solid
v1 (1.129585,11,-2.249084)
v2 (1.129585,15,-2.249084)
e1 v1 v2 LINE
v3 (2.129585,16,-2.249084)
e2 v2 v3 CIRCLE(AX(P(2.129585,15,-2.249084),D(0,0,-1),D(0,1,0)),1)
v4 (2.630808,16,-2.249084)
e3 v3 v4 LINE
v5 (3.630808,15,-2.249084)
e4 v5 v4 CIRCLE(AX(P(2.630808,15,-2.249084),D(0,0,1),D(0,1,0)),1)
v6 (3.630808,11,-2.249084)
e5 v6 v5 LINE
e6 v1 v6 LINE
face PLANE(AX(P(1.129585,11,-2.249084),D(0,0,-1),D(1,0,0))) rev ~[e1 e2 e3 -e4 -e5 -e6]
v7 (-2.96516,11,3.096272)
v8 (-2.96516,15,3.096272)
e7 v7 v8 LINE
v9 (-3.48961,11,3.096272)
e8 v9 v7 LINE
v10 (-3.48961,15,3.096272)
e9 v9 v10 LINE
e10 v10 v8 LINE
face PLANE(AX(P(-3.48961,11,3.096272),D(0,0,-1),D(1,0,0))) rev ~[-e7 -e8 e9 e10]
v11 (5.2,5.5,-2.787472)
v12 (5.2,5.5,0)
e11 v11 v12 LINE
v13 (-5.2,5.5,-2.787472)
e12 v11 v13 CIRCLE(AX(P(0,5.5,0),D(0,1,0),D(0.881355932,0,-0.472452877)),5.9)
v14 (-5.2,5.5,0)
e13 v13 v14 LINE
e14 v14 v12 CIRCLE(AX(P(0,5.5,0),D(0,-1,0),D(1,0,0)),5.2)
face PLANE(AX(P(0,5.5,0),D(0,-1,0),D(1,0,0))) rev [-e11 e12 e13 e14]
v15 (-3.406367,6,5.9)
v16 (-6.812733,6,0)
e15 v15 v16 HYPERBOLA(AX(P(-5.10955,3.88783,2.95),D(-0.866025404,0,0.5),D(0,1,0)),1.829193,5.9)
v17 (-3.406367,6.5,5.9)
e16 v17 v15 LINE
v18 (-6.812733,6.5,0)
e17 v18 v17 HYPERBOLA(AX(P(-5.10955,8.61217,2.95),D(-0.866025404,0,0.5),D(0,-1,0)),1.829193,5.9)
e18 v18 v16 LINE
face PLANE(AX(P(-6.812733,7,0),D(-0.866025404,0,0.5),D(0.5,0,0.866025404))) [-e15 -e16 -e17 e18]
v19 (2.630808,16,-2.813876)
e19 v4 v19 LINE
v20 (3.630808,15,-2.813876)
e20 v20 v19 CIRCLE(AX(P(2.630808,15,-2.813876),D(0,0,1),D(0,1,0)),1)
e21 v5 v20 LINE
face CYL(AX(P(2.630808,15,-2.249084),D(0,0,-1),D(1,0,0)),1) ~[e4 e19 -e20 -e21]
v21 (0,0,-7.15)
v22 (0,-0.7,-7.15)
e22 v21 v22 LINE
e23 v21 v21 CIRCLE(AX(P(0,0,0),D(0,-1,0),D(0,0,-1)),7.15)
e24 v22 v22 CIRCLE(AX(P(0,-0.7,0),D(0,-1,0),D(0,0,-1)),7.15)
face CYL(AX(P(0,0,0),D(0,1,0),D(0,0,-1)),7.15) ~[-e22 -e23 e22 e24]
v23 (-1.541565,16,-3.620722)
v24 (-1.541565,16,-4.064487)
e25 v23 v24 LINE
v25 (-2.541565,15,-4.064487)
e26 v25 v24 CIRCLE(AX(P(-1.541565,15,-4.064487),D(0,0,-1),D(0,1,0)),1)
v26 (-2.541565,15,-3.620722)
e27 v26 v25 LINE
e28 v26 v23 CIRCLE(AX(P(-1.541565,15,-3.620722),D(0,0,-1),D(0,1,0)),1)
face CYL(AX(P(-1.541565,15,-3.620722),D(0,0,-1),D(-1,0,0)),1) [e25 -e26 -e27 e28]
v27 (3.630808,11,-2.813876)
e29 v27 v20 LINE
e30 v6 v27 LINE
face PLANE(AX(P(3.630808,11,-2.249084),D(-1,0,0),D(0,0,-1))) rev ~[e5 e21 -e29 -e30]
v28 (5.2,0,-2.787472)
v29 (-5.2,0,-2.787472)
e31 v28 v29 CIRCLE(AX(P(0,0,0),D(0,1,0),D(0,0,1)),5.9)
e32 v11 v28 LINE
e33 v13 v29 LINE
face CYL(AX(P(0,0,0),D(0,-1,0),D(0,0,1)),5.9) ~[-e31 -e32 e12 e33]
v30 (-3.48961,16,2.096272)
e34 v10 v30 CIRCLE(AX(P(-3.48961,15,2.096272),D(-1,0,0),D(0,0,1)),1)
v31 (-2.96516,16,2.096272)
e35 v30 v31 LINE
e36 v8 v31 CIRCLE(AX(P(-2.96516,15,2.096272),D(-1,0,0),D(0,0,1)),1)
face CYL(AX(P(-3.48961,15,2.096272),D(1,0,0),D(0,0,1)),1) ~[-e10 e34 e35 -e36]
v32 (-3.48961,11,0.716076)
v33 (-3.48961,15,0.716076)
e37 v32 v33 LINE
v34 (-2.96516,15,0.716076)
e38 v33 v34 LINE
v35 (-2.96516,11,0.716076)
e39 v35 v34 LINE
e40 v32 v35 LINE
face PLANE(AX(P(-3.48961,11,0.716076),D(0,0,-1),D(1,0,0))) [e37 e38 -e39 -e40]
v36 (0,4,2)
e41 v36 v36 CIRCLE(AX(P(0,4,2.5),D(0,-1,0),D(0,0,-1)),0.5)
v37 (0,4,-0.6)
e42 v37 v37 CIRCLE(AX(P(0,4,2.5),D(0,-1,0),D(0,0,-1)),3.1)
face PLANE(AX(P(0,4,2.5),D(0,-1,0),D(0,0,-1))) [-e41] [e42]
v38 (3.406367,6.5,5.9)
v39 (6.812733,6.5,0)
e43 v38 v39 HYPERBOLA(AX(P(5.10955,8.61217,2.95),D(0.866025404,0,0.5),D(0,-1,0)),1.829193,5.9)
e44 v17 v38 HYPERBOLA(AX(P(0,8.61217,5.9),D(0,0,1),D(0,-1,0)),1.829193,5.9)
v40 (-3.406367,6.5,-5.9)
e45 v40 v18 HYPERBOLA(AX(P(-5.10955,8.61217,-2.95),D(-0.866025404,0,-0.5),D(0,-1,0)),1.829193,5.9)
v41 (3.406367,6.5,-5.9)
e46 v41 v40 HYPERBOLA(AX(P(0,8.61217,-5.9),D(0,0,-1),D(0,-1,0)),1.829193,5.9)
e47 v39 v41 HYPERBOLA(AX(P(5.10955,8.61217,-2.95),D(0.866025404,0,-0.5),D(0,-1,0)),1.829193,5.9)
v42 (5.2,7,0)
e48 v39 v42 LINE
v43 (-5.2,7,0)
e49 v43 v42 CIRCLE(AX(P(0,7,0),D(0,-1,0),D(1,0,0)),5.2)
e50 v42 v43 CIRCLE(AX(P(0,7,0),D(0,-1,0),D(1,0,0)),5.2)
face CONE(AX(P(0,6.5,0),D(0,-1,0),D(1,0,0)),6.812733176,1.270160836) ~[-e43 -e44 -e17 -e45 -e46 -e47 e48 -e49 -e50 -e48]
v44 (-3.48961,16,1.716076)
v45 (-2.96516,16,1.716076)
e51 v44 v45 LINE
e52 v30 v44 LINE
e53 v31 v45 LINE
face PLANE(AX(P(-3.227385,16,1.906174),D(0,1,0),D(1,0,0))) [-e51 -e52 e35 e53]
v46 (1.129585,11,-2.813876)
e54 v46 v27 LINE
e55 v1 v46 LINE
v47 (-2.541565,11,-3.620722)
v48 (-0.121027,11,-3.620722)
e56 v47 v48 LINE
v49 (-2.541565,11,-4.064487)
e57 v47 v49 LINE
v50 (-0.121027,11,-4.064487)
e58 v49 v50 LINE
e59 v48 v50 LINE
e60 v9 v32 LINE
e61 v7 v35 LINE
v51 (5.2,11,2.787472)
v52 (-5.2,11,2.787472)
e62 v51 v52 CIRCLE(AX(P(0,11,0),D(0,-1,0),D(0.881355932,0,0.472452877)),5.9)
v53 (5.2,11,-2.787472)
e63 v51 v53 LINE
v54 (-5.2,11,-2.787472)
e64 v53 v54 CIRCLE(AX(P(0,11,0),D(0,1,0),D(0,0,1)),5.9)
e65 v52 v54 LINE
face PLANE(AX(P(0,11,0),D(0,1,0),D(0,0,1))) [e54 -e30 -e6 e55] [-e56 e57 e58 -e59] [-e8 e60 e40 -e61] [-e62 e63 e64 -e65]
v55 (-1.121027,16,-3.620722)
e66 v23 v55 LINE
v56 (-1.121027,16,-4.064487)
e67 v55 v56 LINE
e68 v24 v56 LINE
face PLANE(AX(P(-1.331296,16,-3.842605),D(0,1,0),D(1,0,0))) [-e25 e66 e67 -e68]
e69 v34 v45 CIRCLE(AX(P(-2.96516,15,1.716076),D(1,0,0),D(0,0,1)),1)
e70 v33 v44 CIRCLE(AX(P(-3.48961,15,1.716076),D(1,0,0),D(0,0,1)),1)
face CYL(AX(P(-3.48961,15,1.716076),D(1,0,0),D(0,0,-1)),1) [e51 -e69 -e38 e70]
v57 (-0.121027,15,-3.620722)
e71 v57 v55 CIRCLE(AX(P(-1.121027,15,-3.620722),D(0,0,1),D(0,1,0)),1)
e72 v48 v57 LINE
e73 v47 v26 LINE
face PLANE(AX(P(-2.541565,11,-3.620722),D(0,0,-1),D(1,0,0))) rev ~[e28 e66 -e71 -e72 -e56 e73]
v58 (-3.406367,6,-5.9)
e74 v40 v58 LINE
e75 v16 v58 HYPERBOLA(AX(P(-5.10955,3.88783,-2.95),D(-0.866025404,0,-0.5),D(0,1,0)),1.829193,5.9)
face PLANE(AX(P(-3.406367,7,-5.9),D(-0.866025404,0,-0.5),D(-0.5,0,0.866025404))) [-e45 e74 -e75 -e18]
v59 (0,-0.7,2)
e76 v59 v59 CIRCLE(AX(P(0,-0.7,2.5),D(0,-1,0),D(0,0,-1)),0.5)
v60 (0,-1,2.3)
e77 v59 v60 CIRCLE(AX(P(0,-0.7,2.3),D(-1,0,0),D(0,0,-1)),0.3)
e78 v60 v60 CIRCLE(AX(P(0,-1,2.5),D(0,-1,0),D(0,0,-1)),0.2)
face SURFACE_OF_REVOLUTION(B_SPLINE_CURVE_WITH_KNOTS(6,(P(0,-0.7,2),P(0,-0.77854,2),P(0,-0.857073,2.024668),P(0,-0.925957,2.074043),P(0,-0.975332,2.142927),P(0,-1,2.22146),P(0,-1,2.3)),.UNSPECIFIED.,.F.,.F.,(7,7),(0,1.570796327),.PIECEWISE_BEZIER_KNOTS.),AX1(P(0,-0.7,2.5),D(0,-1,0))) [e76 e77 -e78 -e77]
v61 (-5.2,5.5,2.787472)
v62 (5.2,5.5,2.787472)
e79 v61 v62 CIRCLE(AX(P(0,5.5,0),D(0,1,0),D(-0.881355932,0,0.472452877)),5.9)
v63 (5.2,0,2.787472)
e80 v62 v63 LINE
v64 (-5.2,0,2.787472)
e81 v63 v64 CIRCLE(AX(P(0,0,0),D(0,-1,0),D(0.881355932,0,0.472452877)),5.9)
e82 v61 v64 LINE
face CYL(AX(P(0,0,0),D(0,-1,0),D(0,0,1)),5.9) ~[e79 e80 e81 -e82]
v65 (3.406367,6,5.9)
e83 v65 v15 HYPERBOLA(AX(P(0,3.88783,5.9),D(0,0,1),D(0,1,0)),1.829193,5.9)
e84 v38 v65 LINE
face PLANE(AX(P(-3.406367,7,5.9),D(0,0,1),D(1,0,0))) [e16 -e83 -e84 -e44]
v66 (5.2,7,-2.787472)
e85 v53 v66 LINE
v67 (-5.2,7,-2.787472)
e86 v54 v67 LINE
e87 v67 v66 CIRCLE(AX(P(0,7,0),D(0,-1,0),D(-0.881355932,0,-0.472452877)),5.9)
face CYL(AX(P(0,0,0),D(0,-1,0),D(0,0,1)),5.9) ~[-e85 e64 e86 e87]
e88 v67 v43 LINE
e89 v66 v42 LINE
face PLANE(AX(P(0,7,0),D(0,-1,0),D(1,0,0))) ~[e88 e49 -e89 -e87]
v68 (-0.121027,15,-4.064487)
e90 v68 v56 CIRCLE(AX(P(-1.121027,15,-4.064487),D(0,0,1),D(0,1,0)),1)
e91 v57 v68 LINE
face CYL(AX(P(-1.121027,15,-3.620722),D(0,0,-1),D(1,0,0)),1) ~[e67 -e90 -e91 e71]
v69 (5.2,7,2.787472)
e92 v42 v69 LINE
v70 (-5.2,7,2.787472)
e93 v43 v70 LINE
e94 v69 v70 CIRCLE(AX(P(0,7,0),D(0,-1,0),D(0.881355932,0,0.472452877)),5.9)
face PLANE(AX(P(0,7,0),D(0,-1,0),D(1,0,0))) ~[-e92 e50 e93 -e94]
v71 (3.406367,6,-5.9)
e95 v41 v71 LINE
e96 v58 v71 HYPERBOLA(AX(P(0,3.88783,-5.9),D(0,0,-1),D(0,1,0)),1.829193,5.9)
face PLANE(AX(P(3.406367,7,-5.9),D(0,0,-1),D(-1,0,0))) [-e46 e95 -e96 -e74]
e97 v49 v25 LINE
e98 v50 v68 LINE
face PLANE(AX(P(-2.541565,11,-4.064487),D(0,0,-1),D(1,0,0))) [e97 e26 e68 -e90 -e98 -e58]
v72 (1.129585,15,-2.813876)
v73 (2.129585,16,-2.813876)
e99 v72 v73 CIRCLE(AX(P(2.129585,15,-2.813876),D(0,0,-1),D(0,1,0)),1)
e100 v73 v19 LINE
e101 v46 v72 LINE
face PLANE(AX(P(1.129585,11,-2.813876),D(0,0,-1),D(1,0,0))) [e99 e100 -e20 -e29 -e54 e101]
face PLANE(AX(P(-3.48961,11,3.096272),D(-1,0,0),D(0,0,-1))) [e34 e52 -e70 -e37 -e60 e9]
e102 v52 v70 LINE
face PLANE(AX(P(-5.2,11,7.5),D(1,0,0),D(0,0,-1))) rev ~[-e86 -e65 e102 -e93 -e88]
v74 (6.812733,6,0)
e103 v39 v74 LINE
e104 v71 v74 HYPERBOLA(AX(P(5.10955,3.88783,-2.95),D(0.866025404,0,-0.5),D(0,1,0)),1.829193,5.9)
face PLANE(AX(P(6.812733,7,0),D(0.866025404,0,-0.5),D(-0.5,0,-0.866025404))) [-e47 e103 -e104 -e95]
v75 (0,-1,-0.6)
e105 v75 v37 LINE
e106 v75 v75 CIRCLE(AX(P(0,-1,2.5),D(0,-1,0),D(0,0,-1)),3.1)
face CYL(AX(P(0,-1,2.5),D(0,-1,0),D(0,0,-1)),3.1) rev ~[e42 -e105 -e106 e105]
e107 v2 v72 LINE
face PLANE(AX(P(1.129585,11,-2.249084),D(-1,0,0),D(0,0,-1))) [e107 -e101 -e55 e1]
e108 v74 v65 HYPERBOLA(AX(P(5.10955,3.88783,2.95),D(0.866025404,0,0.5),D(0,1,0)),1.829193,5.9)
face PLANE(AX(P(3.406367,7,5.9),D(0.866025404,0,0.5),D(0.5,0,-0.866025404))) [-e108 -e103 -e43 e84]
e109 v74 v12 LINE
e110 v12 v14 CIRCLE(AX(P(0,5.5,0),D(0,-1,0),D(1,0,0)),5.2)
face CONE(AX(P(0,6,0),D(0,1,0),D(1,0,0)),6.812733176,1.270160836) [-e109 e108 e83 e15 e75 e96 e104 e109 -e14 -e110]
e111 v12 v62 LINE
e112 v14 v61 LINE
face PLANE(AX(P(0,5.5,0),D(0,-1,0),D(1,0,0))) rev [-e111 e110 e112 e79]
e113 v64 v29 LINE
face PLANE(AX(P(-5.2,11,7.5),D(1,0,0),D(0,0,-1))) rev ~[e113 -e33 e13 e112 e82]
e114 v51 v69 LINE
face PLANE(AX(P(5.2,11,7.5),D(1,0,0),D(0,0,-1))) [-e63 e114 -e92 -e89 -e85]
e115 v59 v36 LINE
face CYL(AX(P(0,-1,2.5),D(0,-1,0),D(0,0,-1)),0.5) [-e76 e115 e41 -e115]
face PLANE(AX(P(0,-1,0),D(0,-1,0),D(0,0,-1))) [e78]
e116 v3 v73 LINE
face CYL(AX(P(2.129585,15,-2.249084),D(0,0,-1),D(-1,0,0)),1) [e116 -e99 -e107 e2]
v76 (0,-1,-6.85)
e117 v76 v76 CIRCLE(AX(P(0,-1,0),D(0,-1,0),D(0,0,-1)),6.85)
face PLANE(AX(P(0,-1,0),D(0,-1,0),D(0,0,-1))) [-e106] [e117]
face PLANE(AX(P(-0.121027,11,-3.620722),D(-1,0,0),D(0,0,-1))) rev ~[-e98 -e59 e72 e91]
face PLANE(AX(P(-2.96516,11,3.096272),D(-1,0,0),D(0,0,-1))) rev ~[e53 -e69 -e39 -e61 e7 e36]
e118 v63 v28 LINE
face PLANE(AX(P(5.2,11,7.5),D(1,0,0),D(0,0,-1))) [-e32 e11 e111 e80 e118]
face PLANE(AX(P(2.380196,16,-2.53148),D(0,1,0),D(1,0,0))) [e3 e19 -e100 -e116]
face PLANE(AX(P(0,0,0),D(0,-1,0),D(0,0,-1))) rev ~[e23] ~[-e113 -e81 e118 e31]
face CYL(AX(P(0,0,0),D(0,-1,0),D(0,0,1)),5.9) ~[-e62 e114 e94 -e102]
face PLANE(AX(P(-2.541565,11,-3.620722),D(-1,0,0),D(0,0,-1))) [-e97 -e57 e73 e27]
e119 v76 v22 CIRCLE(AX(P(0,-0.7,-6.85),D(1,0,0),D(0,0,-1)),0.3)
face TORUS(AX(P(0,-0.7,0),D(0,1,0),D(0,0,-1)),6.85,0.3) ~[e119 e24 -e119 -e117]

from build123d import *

# Parameters (mm, degrees)
SKETCH_2_R          = 5.9
EXTRUDE_1_DEPTH     = 11
SKETCH_3_R          = 7.15
EXTRUDE_2_DEPTH     = 1
SKETCH_4_R          = 3.1
SKETCH_4_R_2        = 0.5
CUT_EXTRUDE_1_DEPTH = 5
FILLET_1_R          = 0.3
FILLET_2_R          = 0.3
SKETCH_5_W          = 16.4
SKETCH_5_H          = 21
SKETCH_5_W_2        = 10.4
SKETCH_5_H_2        = 15
CUT_EXTRUDE_2_DEPTH = 11
SKETCH_6_W          = 2.420538387
SKETCH_6_H          = 0.443765371
SKETCH_6_W_2        = 2.501222999
SKETCH_6_H_2        = 0.56479229
SKETCH_6_W_3        = 0.524449984
SKETCH_6_H_3        = 2.38019608
EXTRUDE_3_DEPTH     = 5
FILLET_3_R          = 1
EXTRUDE_START       = -4
EXTRUDE_4_DEPTH     = 1.5


with BuildPart() as part:
    # 草图2 → 凸台-拉伸1 (new body)
    with BuildSketch(Plane(origin=(0, 0, 0), x_dir=(1, 0, 0), z_dir=(0, 1, 0))):
        with Locations(Location((0, 0, 0), (0, 0, 270))):
            Circle(SKETCH_2_R)
    extrude(amount=EXTRUDE_1_DEPTH)

    # 草图3 → 凸台-拉伸2 (add)
    with BuildSketch(Plane.XZ):
        with Locations(Location((0, 0, 0), (0, 0, 270))):
            Circle(SKETCH_3_R)
    extrude(amount=EXTRUDE_2_DEPTH)

    # 草图4 → 切除-拉伸1 (cut)
    with BuildSketch(Plane.XZ.offset(1)):
        with Locations(Location((0, 2.5, 0), (0, 0, 270))):
            Circle(SKETCH_4_R)
        with Locations(Location((0, 2.5, 0), (0, 0, 270))):
            Circle(SKETCH_4_R_2, mode=Mode.SUBTRACT)
    extrude(amount=-CUT_EXTRUDE_1_DEPTH, mode=Mode.SUBTRACT)

    # 圆角1
    fillet_1_edges = [part.edges().sort_by_distance(p)[0] for p in [
        (0, -1, 3),
    ]]
    fillet(fillet_1_edges, radius=FILLET_1_R)

    # 圆角2
    fillet_2_edges = [part.edges().sort_by_distance(p)[0] for p in [
        (0, -1, 7.15),
    ]]
    fillet(fillet_2_edges, radius=FILLET_2_R)

    # 草图5 → 切除-拉伸2 (cut)
    with BuildSketch(Plane(origin=(0, 11, 0), x_dir=(1, 0, 0), z_dir=(0, 1, 0))):
        Rectangle(SKETCH_5_W, SKETCH_5_H)
        Rectangle(SKETCH_5_W_2, SKETCH_5_H_2, mode=Mode.SUBTRACT)
    extrude(amount=-CUT_EXTRUDE_2_DEPTH, mode=Mode.SUBTRACT)

    # 草图6 → 凸台-拉伸3 (add)
    with BuildSketch(Plane(origin=(0, 11, 0), x_dir=(1, 0, 0), z_dir=(0, 1, 0))):
        with Locations((-1.331296113, 3.842604689)):
            Rectangle(SKETCH_6_W, SKETCH_6_H)
        with Locations((2.38019608, 2.531479729)):
            Rectangle(SKETCH_6_W_2, SKETCH_6_H_2)
        with Locations((-3.227384515, -1.906173979)):
            Rectangle(SKETCH_6_W_3, SKETCH_6_H_3)
    extrude(amount=EXTRUDE_3_DEPTH)

    # 圆角3
    fillet_3_edges = [part.edges().sort_by_distance(p)[0] for p in [
        (-0.121026919, 16, -3.842604688),
        (-2.541565306, 16, -3.842604688),
        (3.630807579, 16, -2.531479729),
        (1.12958458, 16, -2.531479729),
        (-3.227384515, 16, 0.716075939),
        (-3.227384515, 16, 3.096272019),
    ]]
    fillet(fillet_3_edges, radius=FILLET_3_R)

    # 草图7 → 凸台-拉伸4 (add)
    with BuildSketch(Plane(origin=(0, 11, 0), x_dir=(1, 0, 0), z_dir=(0, 1, 0)).offset(EXTRUDE_START)):
        Polygon((-3.406366588, 5.9), (-6.812733176, 0), (-3.406366588, -5.9), (3.406366588, -5.9), (6.812733176, 0), (3.406366588, 5.9), align=None)
    extrude(amount=-EXTRUDE_4_DEPTH)

    # 草图8 → 切除-旋转1 (revolve, cut)
    with BuildSketch(Plane.XY, mode=Mode.PRIVATE) as cut_revolve_1_sk:
        Polygon((-6.812733176, 7), (-6.812733176, 6.5), (-5.2, 7), align=None)
        Polygon((-5.2, 5.5), (-6.812733176, 5.5), (-6.812733176, 6), align=None)
    revolve(cut_revolve_1_sk.sketch.rotate(Axis((0, 11, 0), (0, -1, 0)), 180.000000014), axis=Axis((0, 11, 0), (0, -1, 0)), mode=Mode.SUBTRACT)


solid = part.part
